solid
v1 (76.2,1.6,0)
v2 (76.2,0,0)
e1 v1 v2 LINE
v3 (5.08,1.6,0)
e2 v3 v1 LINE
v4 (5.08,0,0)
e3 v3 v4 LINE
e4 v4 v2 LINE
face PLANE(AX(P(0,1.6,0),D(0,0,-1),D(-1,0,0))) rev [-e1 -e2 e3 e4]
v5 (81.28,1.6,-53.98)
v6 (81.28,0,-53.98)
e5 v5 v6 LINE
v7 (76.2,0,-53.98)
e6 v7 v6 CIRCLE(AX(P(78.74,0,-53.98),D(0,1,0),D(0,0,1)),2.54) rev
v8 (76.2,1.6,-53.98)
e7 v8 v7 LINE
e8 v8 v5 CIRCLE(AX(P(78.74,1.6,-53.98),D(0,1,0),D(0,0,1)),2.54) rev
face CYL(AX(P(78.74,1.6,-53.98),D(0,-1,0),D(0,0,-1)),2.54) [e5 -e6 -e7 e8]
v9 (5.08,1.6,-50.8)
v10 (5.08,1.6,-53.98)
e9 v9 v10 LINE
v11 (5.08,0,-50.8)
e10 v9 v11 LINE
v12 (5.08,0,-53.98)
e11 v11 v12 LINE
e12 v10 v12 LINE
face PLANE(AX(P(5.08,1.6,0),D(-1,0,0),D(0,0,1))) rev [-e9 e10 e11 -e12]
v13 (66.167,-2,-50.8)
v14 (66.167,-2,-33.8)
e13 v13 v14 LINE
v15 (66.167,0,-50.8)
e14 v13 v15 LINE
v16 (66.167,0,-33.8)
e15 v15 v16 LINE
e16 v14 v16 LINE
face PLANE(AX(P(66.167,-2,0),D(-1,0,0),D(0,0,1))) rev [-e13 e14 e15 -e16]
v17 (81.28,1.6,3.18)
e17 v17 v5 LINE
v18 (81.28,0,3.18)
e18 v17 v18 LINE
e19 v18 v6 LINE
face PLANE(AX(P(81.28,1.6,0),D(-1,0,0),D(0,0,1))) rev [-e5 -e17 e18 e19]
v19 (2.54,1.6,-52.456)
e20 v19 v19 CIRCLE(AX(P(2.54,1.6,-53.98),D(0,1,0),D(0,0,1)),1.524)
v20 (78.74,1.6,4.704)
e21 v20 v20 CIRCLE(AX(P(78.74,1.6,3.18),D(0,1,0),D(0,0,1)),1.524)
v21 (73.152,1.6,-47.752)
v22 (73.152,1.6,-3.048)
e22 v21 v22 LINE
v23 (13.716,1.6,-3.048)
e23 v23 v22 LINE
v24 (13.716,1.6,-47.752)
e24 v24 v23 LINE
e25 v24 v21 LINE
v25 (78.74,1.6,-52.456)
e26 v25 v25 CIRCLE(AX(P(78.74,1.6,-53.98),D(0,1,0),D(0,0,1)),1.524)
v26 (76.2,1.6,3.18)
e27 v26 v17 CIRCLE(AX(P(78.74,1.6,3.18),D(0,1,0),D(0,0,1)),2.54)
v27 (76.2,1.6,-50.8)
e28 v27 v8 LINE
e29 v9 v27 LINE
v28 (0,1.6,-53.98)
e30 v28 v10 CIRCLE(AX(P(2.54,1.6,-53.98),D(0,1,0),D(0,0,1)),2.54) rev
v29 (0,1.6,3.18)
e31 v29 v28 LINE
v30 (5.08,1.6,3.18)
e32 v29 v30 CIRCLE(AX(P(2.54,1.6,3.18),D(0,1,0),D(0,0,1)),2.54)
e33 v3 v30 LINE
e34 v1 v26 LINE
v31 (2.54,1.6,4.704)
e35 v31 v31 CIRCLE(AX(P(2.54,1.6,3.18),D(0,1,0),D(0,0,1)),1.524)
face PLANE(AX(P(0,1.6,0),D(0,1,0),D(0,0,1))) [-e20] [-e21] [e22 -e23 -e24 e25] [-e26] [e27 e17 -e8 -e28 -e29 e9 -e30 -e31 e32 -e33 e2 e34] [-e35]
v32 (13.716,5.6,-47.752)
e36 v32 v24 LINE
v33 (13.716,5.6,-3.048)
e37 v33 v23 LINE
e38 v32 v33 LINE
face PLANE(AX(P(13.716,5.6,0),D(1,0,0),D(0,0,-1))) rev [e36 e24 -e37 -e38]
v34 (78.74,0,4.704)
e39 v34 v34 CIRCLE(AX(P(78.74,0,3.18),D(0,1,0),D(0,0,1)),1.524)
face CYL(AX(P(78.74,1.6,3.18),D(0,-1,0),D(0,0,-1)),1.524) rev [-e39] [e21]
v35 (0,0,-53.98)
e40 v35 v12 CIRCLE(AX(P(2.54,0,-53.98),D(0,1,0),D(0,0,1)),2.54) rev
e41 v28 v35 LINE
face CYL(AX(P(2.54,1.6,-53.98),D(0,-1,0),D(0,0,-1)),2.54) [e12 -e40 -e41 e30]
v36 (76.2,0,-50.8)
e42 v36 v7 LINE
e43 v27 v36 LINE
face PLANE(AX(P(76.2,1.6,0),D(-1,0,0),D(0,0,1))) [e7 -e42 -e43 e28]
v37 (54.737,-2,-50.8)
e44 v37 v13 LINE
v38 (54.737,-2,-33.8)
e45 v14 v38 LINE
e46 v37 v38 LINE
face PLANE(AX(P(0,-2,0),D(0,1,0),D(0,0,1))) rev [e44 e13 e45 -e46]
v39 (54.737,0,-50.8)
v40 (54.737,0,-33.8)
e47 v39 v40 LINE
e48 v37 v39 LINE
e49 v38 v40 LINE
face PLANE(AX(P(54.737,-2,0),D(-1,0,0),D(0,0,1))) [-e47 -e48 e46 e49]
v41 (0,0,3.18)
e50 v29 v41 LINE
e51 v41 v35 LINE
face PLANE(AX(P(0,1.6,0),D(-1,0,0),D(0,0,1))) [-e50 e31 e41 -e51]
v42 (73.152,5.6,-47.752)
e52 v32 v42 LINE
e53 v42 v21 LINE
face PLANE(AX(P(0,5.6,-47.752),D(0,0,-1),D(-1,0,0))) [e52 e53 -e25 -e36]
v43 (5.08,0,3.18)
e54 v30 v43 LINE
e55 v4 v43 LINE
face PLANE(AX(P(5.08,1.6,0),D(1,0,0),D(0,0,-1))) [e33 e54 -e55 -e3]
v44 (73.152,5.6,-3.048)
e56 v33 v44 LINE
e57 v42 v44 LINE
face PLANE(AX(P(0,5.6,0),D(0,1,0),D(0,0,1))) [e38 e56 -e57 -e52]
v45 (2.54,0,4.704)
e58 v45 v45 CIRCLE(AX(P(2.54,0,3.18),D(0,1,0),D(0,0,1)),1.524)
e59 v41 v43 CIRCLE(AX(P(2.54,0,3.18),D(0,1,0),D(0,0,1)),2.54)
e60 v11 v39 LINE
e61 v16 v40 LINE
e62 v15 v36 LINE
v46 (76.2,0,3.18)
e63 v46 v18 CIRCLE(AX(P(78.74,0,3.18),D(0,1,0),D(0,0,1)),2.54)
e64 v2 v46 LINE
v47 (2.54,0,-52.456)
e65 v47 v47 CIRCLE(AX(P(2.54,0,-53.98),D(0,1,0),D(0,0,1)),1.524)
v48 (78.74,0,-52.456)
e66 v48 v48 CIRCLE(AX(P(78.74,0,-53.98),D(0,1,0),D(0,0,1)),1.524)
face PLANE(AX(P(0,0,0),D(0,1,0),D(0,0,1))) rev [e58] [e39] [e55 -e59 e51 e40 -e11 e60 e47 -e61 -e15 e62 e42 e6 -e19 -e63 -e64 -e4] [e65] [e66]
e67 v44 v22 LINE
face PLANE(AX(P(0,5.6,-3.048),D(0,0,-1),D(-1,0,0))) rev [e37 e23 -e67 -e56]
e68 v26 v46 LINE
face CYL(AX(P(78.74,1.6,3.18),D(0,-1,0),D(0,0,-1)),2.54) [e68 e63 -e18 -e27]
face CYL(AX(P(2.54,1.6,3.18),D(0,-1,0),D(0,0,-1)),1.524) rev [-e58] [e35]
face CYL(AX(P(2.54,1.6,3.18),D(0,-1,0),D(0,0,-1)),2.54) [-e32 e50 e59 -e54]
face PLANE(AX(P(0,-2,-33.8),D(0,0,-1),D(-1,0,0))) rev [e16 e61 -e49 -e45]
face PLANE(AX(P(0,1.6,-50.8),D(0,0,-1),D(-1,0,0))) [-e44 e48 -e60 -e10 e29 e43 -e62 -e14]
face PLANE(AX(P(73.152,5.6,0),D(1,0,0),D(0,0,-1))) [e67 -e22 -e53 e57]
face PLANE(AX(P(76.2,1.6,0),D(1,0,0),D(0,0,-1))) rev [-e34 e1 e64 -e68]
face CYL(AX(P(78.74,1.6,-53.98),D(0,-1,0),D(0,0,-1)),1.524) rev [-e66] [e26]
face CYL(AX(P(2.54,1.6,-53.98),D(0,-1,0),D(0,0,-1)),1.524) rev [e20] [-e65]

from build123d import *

# Parameters (mm, degrees)
Y_PCB_EXTR_DEPTH                = 1.6
SKETCH1_5_R                     = 1.524
Z0X0_CORNER_EXTR_DEPTH          = 1.6
SKETCH1_6_R                     = 1.524
Z0X_CORNER_EXTR_DEPTH           = 1.6
SKETCH1_7_R                     = 1.524
Z_X0_CORNER_EXTR_DEPTH          = 1.6
SKETCH1_8_R                     = 1.524
Z_X_CORNER_EXTR_DEPTH           = 1.6
Y_DISPLAY_EXTR_DEPTH            = 5.6
SKETCH1_11_W                    = 11.43
SKETCH1_11_H                    = 13.952
Y_DISPLAY_EXTR_BEHIND_USD_DEPTH = 5.6
SKETCH1_12_W                    = 11.43
SKETCH1_12_H                    = 3.048
Y_USD_EXTR_OUTER_EDGE_DEPTH     = 1.6
SKETCH1_13_W                    = 11.43
SKETCH1_13_H                    = 13.952
Y_USD_EXTR_DEPTH                = 2
SKETCH1_14_W                    = 11.43
SKETCH1_14_H                    = 3.048
Y_USD_EXTR_OUTER_BOTTOM_DEPTH   = 2


with BuildPart() as part:
    # Sketch1 → Y+ PCB extr (new body)
    with BuildSketch(Plane(origin=(0, 0, 0), x_dir=(1, 0, 0), z_dir=(0, 1, 0))):
        Polygon((81.28, 50.8), (76.2, 50.8), (66.167, 50.8), (66.167, 47.752), (73.152, 47.752), (73.152, 3.048), (13.716, 3.048), (13.716, 47.752), (54.737, 47.752), (54.737, 50.8), (5.08, 50.8), (0, 50.8), (0, 0), (5.08, 0), (76.2, 0), (81.28, 0), align=None)
    extrude(amount=Y_PCB_EXTR_DEPTH)

    # Sketch1<5> → Z0X0 corner extr (add)
    with BuildSketch(Plane(origin=(0, 0, 0), x_dir=(1, 0, 0), z_dir=(0, 1, 0))):
        with BuildLine():
            Line((0, 50.8), (5.08, 50.8))
            Line((5.08, 50.8), (5.08, 53.98))
            ThreePointArc((5.08, 53.98), (2.54, 56.52), (0, 53.98))
            Line((0, 53.98), (0, 50.8))
        make_face()
        with Locations((2.54, 53.98)):
            Circle(SKETCH1_5_R, mode=Mode.SUBTRACT)
    extrude(amount=Z0X0_CORNER_EXTR_DEPTH)

    # Sketch1<6> → Z0X+ corner extr (add)
    with BuildSketch(Plane(origin=(0, 0, 0), x_dir=(1, 0, 0), z_dir=(0, 1, 0))):
        with BuildLine():
            Line((76.2, 53.98), (76.2, 50.8))
            Line((76.2, 50.8), (81.28, 50.8))
            Line((81.28, 50.8), (81.28, 53.98))
            ThreePointArc((81.28, 53.98), (78.74, 56.52), (76.2, 53.98))
        make_face()
        with Locations((78.74, 53.98)):
            Circle(SKETCH1_6_R, mode=Mode.SUBTRACT)
    extrude(amount=Z0X_CORNER_EXTR_DEPTH)

    # Sketch1<7> → Z+X0 corner extr (add)
    with BuildSketch(Plane(origin=(0, 0, 0), x_dir=(1, 0, 0), z_dir=(0, 1, 0))):
        with BuildLine():
            Line((5.08, -3.18), (5.08, 0))
            Line((5.08, 0), (0, 0))
            Line((0, 0), (0, -3.18))
            ThreePointArc((0, -3.18), (2.54, -5.72), (5.08, -3.18))
        make_face()
        with Locations((2.54, -3.18)):
            Circle(SKETCH1_7_R, mode=Mode.SUBTRACT)
    extrude(amount=Z_X0_CORNER_EXTR_DEPTH)

    # Sketch1<8> → Z+X+ corner extr (add)
    with BuildSketch(Plane(origin=(0, 0, 0), x_dir=(1, 0, 0), z_dir=(0, 1, 0))):
        with BuildLine():
            Line((81.28, -3.18), (81.28, 0))
            Line((81.28, 0), (76.2, 0))
            Line((76.2, 0), (76.2, -3.18))
            ThreePointArc((76.2, -3.18), (78.74, -5.72), (81.28, -3.18))
        make_face()
        with Locations((78.74, -3.18)):
            Circle(SKETCH1_8_R, mode=Mode.SUBTRACT)
    extrude(amount=Z_X_CORNER_EXTR_DEPTH)

    # Sketch1<10> → Y+ display extr (add)
    with BuildSketch(Plane(origin=(0, 0, 0), x_dir=(1, 0, 0), z_dir=(0, 1, 0))):
        Polygon((73.152, 47.752), (66.167, 47.752), (66.167, 33.8), (54.737, 33.8), (54.737, 47.752), (13.716, 47.752), (13.716, 3.048), (73.152, 3.048), align=None)
    extrude(amount=Y_DISPLAY_EXTR_DEPTH)

    # Sketch1<11> → Y+ display extr behind uSD (add)
    with BuildSketch(Plane(origin=(0, 0, 0), x_dir=(1, 0, 0), z_dir=(0, 1, 0))):
        with Locations((60.452, 40.776)):
            Rectangle(SKETCH1_11_W, SKETCH1_11_H)
    extrude(amount=Y_DISPLAY_EXTR_BEHIND_USD_DEPTH)

    # Sketch1<12> → Y- uSD extr outer edge (add)
    with BuildSketch(Plane(origin=(0, 0, 0), x_dir=(1, 0, 0), z_dir=(0, 1, 0))):
        with Locations((60.452, 49.276)):
            Rectangle(SKETCH1_12_W, SKETCH1_12_H)
    extrude(amount=Y_USD_EXTR_OUTER_EDGE_DEPTH)

    # Sketch1<13> → Y- uSD extr (add)
    with BuildSketch(Plane(origin=(0, 0, 0), x_dir=(1, 0, 0), z_dir=(0, 1, 0))):
        with Locations((60.452, 40.776)):
            Rectangle(SKETCH1_13_W, SKETCH1_13_H)
    extrude(amount=-Y_USD_EXTR_DEPTH)

    # Sketch1<14> → Y- uSD extr outer bottom (add)
    with BuildSketch(Plane(origin=(0, 0, 0), x_dir=(1, 0, 0), z_dir=(0, 1, 0))):
        with Locations((60.452, 49.276)):
            Rectangle(SKETCH1_14_W, SKETCH1_14_H)
    extrude(amount=-Y_USD_EXTR_OUTER_BOTTOM_DEPTH)


solid = part.part
